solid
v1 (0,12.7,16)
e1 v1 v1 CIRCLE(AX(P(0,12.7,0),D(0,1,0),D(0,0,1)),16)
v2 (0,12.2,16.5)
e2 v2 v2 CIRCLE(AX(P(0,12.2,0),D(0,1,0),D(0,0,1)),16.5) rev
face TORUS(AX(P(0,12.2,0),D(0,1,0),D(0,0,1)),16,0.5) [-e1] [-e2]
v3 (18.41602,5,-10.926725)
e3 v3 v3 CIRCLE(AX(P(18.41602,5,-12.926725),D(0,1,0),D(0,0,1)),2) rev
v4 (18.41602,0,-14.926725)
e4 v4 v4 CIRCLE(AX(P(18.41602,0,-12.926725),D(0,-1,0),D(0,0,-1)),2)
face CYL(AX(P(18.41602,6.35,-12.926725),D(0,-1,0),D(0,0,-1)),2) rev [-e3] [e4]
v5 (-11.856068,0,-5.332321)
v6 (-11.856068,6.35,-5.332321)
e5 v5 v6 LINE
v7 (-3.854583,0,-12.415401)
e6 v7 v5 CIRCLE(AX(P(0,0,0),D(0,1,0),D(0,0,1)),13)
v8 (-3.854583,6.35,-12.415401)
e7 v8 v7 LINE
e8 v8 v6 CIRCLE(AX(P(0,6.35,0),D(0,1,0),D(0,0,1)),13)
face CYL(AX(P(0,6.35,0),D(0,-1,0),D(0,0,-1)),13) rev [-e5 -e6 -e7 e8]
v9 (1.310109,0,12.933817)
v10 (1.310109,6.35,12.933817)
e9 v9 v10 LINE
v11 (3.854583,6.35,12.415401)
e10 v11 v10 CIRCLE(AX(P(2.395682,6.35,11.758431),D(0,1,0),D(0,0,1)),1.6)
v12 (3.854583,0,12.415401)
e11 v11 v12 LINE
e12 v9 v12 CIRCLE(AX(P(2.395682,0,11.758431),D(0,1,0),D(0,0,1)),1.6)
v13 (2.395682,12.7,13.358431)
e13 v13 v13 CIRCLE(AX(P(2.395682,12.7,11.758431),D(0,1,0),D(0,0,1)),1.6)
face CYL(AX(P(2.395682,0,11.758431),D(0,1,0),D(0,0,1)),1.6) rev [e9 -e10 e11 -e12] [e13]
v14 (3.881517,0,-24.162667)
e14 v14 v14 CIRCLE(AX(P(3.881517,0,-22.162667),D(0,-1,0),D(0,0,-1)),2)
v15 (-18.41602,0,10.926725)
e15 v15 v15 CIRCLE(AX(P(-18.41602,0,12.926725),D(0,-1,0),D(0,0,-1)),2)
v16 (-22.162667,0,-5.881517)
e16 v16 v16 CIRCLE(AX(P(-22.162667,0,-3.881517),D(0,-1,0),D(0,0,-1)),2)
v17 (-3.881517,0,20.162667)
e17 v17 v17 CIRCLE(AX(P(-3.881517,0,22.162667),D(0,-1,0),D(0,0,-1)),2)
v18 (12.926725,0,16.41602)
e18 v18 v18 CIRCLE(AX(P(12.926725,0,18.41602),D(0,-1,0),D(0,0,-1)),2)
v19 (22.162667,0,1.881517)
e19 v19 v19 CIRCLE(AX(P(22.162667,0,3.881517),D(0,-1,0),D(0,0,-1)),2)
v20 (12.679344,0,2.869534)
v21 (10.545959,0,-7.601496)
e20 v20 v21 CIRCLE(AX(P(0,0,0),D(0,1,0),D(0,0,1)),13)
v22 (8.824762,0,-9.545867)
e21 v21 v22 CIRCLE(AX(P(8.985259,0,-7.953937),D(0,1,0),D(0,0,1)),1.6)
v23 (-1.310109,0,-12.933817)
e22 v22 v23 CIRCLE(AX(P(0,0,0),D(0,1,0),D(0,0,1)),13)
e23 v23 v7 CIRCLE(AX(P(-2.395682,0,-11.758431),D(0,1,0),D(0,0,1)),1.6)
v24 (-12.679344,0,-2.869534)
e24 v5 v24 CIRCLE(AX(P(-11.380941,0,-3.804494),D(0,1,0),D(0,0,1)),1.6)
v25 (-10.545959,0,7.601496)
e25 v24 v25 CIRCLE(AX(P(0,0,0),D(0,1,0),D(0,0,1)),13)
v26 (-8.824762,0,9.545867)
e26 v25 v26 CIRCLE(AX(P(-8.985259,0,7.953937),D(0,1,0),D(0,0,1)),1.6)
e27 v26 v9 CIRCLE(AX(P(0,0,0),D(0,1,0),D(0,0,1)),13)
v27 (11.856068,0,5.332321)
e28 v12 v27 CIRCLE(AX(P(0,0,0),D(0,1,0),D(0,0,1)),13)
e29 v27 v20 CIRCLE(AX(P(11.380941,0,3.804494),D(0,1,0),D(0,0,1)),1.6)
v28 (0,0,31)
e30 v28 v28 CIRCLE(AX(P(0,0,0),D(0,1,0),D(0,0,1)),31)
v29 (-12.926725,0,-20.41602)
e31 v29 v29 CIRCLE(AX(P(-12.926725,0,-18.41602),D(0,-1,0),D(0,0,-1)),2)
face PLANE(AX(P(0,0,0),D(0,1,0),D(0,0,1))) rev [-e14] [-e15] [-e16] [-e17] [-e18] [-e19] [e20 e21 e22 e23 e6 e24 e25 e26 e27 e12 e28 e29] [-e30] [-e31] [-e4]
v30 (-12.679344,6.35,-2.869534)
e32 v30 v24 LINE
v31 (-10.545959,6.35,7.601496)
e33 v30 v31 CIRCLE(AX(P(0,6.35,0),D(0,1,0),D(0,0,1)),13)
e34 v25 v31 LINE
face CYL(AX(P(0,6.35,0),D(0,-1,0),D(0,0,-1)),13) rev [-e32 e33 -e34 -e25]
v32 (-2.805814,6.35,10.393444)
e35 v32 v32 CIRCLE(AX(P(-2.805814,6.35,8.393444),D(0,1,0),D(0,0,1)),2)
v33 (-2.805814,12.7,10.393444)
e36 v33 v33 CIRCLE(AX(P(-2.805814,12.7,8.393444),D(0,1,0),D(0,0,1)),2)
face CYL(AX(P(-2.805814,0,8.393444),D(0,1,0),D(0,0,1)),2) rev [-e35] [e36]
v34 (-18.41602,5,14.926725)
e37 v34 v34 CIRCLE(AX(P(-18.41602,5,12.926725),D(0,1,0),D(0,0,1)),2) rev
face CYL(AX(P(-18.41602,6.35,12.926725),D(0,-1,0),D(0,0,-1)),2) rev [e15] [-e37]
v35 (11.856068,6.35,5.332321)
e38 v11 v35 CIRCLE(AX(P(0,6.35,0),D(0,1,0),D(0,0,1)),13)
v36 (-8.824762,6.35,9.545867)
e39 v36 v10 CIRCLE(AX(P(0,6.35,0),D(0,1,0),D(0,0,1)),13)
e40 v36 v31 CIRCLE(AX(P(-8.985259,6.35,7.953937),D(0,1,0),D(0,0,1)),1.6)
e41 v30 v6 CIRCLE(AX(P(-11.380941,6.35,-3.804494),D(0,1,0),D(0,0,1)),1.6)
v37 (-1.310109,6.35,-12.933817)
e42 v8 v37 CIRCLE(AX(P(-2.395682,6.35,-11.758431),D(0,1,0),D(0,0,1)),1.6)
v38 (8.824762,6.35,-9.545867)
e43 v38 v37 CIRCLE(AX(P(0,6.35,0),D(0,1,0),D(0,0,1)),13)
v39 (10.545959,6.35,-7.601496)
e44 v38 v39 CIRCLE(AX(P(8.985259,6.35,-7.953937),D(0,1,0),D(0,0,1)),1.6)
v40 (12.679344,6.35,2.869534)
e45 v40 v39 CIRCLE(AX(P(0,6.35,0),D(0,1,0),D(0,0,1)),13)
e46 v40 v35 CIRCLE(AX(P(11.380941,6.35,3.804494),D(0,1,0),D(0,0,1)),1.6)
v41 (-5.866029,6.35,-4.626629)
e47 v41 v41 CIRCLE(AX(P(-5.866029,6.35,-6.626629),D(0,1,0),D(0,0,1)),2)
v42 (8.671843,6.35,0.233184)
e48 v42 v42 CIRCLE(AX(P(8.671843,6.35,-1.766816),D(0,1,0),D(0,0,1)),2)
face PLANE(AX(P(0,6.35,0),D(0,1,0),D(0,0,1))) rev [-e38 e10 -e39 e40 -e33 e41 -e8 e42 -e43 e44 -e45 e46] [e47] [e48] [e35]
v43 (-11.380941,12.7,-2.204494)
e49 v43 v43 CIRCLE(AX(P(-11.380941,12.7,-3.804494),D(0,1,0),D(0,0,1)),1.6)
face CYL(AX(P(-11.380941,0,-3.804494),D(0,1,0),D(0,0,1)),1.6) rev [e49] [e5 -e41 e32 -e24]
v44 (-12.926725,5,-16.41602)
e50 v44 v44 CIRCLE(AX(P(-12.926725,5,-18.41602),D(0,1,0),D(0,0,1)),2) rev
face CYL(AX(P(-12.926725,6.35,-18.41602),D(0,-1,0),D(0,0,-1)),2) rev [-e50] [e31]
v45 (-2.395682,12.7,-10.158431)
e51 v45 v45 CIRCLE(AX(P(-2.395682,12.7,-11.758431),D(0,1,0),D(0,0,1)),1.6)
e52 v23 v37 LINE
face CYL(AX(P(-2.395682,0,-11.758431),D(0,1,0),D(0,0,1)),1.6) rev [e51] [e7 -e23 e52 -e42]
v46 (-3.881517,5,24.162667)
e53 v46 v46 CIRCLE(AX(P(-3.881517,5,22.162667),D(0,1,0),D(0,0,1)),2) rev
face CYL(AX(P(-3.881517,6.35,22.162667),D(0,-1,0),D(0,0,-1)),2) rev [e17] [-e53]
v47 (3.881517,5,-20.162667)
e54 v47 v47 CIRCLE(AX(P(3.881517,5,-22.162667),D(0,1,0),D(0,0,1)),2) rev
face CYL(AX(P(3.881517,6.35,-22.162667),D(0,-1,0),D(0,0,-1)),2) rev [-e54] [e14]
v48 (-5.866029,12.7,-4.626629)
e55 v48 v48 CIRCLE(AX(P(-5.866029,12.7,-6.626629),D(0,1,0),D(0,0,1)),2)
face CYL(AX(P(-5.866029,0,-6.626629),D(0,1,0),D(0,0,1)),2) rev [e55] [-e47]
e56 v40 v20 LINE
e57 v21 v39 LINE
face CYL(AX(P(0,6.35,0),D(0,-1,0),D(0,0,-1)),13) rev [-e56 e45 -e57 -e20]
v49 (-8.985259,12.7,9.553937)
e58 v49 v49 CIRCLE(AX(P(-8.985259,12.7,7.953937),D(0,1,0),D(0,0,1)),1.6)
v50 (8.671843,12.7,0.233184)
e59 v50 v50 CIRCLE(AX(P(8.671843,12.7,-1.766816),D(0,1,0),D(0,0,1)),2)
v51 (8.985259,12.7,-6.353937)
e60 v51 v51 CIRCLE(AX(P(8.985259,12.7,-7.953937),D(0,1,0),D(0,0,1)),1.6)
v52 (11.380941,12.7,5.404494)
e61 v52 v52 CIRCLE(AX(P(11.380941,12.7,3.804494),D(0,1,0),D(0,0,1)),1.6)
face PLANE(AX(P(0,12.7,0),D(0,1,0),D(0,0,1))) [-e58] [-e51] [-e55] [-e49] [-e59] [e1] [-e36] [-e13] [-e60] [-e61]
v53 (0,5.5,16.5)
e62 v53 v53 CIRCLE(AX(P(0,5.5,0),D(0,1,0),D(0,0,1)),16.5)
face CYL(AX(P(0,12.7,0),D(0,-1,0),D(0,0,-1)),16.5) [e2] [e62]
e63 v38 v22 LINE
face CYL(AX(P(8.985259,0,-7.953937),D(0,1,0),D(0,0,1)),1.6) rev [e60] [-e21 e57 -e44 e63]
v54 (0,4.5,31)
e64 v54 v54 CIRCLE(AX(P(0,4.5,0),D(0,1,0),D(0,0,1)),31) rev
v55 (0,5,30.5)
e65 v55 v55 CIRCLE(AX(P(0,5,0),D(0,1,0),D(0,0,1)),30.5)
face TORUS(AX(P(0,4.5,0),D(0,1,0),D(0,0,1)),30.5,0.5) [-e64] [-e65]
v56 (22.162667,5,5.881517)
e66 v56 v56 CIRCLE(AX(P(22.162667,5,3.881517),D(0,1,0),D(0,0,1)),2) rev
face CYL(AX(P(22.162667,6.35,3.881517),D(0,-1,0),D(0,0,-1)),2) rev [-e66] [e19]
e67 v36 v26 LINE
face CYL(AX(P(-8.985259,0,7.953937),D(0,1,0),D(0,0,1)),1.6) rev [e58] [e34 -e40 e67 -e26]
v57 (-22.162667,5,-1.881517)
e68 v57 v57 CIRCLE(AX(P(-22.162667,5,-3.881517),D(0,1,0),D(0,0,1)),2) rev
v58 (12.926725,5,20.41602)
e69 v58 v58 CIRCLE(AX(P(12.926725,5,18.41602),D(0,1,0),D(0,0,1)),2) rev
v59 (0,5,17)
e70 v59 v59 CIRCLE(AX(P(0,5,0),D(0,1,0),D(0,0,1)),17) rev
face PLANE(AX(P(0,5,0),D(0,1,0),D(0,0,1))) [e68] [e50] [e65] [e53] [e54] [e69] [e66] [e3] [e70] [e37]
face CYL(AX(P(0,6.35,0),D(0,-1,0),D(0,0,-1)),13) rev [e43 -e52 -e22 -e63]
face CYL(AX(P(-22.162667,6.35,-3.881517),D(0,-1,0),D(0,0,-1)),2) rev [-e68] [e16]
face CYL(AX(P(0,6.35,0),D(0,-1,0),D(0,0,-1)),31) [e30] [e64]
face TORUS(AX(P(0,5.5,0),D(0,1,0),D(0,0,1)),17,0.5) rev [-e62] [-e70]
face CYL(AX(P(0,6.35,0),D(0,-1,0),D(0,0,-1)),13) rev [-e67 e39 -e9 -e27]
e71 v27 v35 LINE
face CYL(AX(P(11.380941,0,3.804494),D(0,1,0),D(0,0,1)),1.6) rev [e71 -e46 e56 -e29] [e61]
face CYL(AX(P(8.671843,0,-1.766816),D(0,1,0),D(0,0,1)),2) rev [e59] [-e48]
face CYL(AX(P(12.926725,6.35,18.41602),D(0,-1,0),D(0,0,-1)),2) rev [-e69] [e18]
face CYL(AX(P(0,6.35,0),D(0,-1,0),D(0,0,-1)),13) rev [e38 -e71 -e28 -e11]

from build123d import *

# Parameters (mm, degrees)
SKETCH1_R           = 31
SKETCH1_R_2         = 13
BOSS_EXTRUDE1_DEPTH = 6.35
SKETCH3_R           = 2
CUT_EXTRUDE1_DEPTH  = 45.29810944
SKETCH2_R           = 16.5
BOSS_EXTRUDE2_DEPTH = 6.35
SKETCH4_R           = 1.6
CUT_EXTRUDE2_DEPTH  = 46.643071763
SKETCH5_R           = 2
CUT_EXTRUDE3_DEPTH  = 46.643071763
CUT_EXTRUDE4_START  = -1.35
SKETCH7_R           = 31
SKETCH7_R_2         = 16.5
CUT_EXTRUDE4_DEPTH  = 1.35
FILLET1_R           = 0.5


with BuildPart() as part:
    # Sketch1 → Boss-Extrude1 (new body)
    with BuildSketch(Plane(origin=(0, 0, 0), x_dir=(1, 0, 0), z_dir=(0, 1, 0))):
        Circle(SKETCH1_R)
        Circle(SKETCH1_R_2, mode=Mode.SUBTRACT)
    extrude(amount=BOSS_EXTRUDE1_DEPTH)

    # Sketch3 → Cut-Extrude1 (cut, through all)
    with BuildSketch(Plane.XZ):
        with Locations((-3.881517499, 22.162667301)):
            Circle(SKETCH3_R)
        with Locations((-12.926724993, -18.416019683)):
            Circle(SKETCH3_R)
        with Locations((3.881517499, -22.162667301)):
            Circle(SKETCH3_R)
        with Locations((18.416019683, -12.926724993)):
            Circle(SKETCH3_R)
        with Locations((22.162667301, 3.881517499)):
            Circle(SKETCH3_R)
        with Locations((12.926724993, 18.416019683)):
            Circle(SKETCH3_R)
        with Locations((-18.416019683, 12.926724993)):
            Circle(SKETCH3_R)
        with Locations((-22.162667301, -3.881517499)):
            Circle(SKETCH3_R)
    extrude(amount=-CUT_EXTRUDE1_DEPTH, mode=Mode.SUBTRACT)

    # Sketch2 → Boss-Extrude2 (add)
    with BuildSketch(Plane(origin=(0, 6.35, 0), x_dir=(1, 0, 0), z_dir=(0, 1, 0))):
        Circle(SKETCH2_R)
    extrude(amount=BOSS_EXTRUDE2_DEPTH)

    # Sketch4 → Cut-Extrude2 (cut, through all)
    with BuildSketch(Plane(origin=(0, 12.7, 0), x_dir=(1, 0, 0), z_dir=(0, 1, 0))):
        with Locations((-8.985259132, -7.953937285)):
            Circle(SKETCH4_R)
        with Locations((-11.380941315, 3.804494025)):
            Circle(SKETCH4_R)
        with Locations((-2.395682183, 11.75843131)):
            Circle(SKETCH4_R)
        with Locations((8.985259131, 7.953937285)):
            Circle(SKETCH4_R)
        with Locations((11.380941314, -3.804494026)):
            Circle(SKETCH4_R)
        with Locations((2.395682183, -11.75843131)):
            Circle(SKETCH4_R)
    extrude(amount=-CUT_EXTRUDE2_DEPTH, mode=Mode.SUBTRACT)

    # Sketch5 → Cut-Extrude3 (cut, through all)
    with BuildSketch(Plane(origin=(0, 12.7, 0), x_dir=(1, 0, 0), z_dir=(0, 1, 0))):
        with Locations((-2.805814344, -8.393444219)):
            Circle(SKETCH5_R)
        with Locations((-5.866028748, 6.626628609)):
            Circle(SKETCH5_R)
        with Locations((8.671843091, 1.76681561)):
            Circle(SKETCH5_R)
    extrude(amount=-CUT_EXTRUDE3_DEPTH, mode=Mode.SUBTRACT)

    # Sketch7 → Cut-Extrude4 (cut)
    with BuildSketch(Plane(origin=(0, 6.35, 0), x_dir=(1, 0, 0), z_dir=(0, 1, 0)).offset(CUT_EXTRUDE4_START)):
        Circle(SKETCH7_R)
        Circle(SKETCH7_R_2, mode=Mode.SUBTRACT)
    extrude(amount=CUT_EXTRUDE4_DEPTH, mode=Mode.SUBTRACT)

    # Fillet1
    fillet1_edges = [part.edges().sort_by_distance(p)[0] for p in [
        (-16.5, 5, 0),
        (-16.5, 12.7, 0),
        (-31, 5, 0),
    ]]
    fillet(fillet1_edges, radius=FILLET1_R)


solid = part.part
